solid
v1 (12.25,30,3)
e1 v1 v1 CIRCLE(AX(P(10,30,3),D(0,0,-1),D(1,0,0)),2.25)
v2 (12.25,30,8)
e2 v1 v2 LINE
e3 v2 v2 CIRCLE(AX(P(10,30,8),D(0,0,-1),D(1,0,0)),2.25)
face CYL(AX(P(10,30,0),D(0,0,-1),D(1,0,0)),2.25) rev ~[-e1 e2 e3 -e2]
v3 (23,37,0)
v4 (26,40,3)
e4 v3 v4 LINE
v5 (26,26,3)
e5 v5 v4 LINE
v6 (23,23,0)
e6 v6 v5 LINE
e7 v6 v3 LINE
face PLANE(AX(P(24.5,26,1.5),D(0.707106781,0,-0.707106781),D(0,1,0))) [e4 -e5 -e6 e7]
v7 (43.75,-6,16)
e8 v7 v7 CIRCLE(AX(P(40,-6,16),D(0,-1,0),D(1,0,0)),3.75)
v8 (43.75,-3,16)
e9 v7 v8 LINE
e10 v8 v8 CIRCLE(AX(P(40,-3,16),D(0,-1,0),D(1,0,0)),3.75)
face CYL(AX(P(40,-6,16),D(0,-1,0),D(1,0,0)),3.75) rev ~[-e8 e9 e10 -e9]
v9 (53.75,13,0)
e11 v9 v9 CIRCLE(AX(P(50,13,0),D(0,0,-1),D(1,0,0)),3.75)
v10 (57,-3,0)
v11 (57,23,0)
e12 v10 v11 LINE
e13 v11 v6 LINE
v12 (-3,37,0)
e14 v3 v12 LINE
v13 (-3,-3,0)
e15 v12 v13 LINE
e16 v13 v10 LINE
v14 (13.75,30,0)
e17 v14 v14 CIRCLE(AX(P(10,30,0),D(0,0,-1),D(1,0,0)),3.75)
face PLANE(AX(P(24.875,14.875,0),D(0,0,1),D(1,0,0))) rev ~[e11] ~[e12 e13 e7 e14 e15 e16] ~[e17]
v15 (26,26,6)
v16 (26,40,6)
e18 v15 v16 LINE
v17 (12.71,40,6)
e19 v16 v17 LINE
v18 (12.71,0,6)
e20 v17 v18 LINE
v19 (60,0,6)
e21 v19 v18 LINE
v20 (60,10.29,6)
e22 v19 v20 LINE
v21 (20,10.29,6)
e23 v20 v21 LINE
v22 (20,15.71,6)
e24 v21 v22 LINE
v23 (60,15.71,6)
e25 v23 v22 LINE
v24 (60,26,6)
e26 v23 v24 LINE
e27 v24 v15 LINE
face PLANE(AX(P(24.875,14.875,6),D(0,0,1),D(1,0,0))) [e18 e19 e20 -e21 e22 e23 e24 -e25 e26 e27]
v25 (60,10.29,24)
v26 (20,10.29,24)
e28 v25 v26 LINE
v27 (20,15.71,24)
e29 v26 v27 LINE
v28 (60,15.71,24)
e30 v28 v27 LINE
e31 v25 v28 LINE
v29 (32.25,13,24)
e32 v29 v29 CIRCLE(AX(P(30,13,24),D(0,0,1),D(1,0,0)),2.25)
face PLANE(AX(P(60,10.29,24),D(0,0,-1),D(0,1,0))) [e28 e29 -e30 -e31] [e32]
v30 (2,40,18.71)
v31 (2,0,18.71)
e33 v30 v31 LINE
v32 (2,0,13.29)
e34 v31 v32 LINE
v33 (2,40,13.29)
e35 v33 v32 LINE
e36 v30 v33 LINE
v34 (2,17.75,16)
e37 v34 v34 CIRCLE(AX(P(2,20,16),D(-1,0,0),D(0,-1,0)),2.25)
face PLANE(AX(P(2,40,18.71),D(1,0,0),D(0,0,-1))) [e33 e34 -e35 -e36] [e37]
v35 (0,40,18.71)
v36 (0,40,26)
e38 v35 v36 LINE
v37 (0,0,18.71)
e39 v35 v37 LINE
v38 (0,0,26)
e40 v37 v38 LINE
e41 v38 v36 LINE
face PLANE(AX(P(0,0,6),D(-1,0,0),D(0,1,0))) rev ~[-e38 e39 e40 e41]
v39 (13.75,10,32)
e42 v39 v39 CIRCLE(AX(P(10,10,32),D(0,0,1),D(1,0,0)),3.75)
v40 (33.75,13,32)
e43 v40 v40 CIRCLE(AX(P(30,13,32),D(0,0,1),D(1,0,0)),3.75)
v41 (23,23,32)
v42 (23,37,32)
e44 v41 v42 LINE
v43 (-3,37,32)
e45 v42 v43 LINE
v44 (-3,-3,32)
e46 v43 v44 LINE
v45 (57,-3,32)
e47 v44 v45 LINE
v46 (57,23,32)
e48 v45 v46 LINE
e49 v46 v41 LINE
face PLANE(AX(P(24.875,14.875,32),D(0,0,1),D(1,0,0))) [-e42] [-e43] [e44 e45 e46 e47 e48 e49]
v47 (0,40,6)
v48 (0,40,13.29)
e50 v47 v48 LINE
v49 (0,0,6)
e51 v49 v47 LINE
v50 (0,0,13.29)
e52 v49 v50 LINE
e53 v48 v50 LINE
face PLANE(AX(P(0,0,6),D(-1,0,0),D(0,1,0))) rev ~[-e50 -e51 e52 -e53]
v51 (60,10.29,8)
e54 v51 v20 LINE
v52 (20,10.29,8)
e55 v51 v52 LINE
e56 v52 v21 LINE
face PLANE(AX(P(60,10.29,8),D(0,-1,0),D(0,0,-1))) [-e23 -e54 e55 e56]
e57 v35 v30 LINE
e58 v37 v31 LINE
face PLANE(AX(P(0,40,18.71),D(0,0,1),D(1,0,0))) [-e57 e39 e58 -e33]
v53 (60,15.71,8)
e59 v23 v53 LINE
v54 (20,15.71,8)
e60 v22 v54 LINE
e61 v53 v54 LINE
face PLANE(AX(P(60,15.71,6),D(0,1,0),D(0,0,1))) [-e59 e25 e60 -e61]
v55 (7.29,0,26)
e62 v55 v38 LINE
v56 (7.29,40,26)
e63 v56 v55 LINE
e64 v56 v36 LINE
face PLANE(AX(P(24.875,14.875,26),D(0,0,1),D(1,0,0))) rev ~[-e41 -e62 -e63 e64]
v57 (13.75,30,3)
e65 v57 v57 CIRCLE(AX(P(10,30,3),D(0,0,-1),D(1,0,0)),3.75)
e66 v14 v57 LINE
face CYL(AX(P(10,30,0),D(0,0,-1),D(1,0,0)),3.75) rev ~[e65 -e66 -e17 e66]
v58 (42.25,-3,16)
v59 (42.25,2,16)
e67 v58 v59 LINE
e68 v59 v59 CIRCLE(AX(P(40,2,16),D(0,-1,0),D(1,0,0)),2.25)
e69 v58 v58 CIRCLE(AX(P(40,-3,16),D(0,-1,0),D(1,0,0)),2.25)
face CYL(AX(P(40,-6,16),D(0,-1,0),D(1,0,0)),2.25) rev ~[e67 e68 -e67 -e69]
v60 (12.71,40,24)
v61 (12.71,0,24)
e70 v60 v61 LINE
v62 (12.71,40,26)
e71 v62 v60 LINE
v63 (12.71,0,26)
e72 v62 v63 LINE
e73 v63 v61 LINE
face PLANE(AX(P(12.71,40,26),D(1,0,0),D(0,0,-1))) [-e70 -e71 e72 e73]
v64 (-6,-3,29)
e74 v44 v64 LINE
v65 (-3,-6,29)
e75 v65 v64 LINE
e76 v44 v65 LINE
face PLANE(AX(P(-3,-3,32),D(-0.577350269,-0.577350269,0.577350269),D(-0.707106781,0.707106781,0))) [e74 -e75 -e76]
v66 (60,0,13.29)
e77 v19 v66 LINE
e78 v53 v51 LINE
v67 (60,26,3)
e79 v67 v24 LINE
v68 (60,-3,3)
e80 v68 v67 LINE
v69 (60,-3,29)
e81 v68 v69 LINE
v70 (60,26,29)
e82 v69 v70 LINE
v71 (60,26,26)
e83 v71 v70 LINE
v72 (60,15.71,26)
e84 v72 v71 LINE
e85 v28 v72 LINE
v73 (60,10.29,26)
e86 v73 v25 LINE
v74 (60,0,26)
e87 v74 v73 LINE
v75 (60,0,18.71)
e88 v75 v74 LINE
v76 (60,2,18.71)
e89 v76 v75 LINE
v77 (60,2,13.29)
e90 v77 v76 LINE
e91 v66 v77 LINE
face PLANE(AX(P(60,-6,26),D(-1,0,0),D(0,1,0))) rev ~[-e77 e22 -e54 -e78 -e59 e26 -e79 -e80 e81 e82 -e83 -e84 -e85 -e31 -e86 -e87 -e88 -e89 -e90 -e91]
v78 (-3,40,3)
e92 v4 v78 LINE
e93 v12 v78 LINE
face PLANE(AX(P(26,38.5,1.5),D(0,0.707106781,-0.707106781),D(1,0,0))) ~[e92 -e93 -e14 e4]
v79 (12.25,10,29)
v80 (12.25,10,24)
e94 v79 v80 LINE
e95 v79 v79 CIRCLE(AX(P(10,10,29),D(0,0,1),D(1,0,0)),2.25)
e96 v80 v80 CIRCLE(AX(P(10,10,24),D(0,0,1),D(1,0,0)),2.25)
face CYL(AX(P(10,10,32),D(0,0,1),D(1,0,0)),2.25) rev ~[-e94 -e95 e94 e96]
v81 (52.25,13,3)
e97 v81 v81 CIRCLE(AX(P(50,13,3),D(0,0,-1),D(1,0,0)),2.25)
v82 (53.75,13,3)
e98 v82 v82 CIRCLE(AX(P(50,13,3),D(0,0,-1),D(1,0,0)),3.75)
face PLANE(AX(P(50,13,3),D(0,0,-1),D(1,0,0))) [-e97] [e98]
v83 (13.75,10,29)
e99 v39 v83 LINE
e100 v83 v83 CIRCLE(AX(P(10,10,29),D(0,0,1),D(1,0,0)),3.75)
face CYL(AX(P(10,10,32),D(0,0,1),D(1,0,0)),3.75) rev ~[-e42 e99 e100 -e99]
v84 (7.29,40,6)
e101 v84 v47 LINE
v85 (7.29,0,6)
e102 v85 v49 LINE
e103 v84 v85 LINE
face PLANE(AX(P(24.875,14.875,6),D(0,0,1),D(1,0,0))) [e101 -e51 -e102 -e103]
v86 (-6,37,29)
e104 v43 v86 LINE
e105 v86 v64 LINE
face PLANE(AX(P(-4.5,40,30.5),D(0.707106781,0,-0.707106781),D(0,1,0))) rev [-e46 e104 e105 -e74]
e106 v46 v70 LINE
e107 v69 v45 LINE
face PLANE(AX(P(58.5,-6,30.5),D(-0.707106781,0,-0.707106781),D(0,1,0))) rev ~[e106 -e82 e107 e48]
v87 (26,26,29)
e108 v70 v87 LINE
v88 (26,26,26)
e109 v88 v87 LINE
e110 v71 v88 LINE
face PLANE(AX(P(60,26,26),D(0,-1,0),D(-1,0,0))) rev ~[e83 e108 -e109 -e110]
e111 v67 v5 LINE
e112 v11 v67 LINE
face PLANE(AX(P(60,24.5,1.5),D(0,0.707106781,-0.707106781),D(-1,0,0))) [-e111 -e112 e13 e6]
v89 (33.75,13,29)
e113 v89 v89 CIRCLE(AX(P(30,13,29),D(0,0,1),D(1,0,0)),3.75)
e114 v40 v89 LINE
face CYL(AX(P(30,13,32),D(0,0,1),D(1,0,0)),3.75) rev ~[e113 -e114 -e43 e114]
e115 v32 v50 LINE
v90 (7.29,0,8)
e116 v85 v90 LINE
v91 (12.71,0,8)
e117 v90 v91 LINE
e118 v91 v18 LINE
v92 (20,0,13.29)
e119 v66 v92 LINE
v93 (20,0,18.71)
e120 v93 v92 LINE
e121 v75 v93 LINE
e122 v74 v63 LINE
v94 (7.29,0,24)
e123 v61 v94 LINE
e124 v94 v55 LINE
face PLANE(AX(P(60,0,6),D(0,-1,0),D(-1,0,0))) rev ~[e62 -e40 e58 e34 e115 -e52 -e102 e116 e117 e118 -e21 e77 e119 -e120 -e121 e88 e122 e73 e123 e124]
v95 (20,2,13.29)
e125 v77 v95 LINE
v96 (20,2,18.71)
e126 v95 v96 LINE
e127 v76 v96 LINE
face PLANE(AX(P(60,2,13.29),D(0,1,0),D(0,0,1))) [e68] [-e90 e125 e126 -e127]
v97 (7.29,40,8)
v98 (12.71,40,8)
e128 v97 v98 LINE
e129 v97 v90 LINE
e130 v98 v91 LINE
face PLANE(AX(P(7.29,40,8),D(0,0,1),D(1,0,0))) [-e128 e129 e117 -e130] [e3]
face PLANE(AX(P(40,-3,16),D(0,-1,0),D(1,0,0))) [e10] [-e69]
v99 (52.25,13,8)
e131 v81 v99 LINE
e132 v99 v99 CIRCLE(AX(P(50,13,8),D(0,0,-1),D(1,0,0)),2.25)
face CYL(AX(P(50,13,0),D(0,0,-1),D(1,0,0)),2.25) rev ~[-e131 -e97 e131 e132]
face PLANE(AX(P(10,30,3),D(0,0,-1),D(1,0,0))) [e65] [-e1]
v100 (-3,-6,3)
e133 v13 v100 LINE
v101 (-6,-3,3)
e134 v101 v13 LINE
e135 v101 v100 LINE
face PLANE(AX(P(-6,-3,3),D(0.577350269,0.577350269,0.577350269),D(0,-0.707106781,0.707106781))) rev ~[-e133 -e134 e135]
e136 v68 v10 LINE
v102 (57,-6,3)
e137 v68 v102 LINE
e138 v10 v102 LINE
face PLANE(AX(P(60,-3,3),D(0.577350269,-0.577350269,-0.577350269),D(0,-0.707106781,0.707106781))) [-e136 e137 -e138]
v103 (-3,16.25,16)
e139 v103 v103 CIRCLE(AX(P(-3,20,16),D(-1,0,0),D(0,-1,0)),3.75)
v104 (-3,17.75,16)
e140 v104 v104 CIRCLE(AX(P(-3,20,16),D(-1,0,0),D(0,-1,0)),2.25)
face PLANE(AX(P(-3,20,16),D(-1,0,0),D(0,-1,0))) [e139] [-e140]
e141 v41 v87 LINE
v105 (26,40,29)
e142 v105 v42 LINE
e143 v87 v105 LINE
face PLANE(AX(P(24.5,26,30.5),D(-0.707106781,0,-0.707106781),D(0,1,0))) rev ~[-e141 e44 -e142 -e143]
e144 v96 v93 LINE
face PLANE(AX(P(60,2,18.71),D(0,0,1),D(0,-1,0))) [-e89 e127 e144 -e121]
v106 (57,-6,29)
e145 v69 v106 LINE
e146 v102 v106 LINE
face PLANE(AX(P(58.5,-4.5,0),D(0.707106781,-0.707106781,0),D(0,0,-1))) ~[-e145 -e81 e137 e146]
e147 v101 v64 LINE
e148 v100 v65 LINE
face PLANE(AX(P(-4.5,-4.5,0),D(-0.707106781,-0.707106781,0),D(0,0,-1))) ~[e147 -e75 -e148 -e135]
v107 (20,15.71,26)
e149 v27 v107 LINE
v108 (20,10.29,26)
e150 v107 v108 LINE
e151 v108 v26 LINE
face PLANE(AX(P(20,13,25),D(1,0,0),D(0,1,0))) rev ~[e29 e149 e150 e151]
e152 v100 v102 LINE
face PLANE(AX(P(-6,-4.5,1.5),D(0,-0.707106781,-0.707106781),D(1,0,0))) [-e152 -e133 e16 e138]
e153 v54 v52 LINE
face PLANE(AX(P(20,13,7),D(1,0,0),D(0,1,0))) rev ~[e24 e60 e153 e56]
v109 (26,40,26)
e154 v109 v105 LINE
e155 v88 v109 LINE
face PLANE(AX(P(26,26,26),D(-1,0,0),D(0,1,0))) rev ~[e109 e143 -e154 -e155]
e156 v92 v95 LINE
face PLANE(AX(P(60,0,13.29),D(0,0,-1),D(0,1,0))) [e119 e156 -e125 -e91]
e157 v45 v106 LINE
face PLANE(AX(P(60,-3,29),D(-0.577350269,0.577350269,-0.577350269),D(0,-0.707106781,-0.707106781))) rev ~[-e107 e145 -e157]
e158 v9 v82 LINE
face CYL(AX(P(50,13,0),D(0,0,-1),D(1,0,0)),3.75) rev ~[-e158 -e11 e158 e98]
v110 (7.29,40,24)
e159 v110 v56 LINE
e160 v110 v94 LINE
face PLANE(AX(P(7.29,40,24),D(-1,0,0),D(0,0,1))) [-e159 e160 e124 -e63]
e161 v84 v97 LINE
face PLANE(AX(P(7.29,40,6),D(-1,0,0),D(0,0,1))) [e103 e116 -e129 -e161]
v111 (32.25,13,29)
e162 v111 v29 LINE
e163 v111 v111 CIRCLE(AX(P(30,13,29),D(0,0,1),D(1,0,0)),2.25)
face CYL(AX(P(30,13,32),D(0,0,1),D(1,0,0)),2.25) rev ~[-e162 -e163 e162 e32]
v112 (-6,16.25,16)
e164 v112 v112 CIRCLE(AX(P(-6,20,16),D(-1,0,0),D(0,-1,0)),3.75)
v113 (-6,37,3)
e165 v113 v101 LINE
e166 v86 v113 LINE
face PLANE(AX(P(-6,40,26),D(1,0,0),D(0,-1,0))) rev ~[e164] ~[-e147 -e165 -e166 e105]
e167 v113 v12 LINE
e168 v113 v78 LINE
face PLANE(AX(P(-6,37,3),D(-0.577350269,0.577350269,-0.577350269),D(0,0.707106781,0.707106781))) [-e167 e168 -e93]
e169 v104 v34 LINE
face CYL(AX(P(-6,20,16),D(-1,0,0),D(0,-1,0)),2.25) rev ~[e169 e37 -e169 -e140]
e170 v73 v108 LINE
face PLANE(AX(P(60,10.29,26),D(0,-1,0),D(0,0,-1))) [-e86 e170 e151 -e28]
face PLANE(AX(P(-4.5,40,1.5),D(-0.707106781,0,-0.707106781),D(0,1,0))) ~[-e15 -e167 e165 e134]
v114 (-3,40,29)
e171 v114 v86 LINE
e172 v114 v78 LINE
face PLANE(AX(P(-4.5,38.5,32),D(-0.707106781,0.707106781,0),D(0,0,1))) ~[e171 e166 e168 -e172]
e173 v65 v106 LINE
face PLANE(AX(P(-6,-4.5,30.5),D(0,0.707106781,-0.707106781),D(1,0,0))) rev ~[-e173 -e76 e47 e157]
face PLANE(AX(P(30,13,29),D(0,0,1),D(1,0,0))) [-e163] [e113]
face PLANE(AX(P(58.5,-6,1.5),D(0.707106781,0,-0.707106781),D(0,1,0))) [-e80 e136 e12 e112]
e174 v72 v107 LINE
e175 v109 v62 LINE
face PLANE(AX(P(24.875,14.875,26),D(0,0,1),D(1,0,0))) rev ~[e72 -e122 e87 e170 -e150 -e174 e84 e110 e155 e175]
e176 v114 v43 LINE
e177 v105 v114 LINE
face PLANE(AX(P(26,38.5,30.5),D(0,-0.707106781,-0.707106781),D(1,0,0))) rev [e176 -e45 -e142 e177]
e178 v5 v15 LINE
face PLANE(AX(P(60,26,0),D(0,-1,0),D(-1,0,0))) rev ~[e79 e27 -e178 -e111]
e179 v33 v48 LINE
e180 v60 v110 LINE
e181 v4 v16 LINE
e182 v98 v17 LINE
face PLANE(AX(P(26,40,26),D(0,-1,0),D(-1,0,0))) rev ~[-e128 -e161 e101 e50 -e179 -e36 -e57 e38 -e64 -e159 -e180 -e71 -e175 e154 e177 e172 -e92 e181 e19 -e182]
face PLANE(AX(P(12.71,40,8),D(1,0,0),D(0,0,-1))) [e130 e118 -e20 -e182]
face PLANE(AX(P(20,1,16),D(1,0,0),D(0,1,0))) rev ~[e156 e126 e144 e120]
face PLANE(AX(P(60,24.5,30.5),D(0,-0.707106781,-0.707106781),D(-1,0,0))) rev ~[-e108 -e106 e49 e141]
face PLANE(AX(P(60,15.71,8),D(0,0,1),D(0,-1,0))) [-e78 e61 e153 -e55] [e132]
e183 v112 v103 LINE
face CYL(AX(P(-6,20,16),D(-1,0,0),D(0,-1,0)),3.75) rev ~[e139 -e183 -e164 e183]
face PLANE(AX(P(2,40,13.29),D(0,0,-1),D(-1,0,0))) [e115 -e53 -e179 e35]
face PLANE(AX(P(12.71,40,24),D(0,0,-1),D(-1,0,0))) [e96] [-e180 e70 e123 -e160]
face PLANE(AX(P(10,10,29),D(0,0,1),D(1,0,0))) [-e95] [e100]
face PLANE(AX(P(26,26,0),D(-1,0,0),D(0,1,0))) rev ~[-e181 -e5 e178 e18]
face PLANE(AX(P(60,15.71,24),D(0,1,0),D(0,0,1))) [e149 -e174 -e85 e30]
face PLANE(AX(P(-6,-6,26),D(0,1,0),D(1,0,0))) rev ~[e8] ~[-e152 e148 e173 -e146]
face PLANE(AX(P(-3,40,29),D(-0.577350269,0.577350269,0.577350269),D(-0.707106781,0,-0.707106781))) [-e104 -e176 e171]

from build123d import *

# Parameters (mm, degrees)
F1_DEPTH  = 6
F3_DEPTH  = 20
F5_DEPTH  = 6
F7_DEPTH  = 40
F9_DEPTH  = 40
F10_R     = 2.25
F11_DEPTH = 8
F12_R     = 2.25
F13_DEPTH = 8
F14_R     = 2.25
F15_DEPTH = 8
F16_R     = 2.25
F17_DEPTH = 8
F18_R     = 3.75
F19_DEPTH = 3
F20_R     = 3.75
F21_DEPTH = 3
F22_R     = 3.75
F23_DEPTH = 3
F24_R     = 3.75
F25_DEPTH = 3
F26_SIZE  = 3


with BuildPart() as f1:
    # F0 (on Top) → F1 (new body)
    with BuildSketch(Plane.XY):
        Polygon((26, 40), (3.85853, 40), (-6, 40), (-6, -6), (60, -6), (60, 26), (26, 26), align=None)
    extrude(amount=F1_DEPTH)

    # F2 (on face) → F3 (join)
    with BuildSketch(Plane.XY.offset(6)):
        Polygon((0, 40), (-6, 40), (-6, -6), (60, -6), (60, 0), (0, 0), align=None)
    extrude(amount=F3_DEPTH)

    # F4 (on face) → F5 (join)
    with BuildSketch(Plane.XY.offset(26)):
        Polygon((-6, 40), (-6, -6), (60, -6), (60, 26), (26, 26), (26, 40), align=None)
    extrude(amount=F5_DEPTH)

    # F6 (on face) → F7 (join)
    with BuildSketch(Plane.YZ.offset(60)):
        Polygon((15.71, 26), (13, 26), (10.29, 26), (10.29, 24), (15.71, 24), align=None)
        Polygon((10.29, 6), (13, 6), (15.71, 6), (15.71, 8), (10.29, 8), align=None)
        Polygon((0, 18.71), (0, 16), (0, 13.29), (2, 13.29), (2, 18.71), align=None)
    extrude(amount=-F7_DEPTH)

    # F8 (on face) → F9 (join)
    with BuildSketch(Plane(origin=(0, 40, 0), x_dir=(-1, 0, 0), z_dir=(0, 1, 0))):
        Polygon((0, 13.29), (0, 16), (0, 18.71), (-2, 18.71), (-2, 13.29), align=None)
        Polygon((-7.29, 26), (-10, 26), (-12.71, 26), (-12.71, 24), (-7.29, 24), align=None)
        Polygon((-12.71, 6), (-10, 6), (-7.29, 6), (-7.29, 8), (-12.71, 8), align=None)
    extrude(amount=-F9_DEPTH)

    # F10 (on face) → F11 (cut, through all)
    with BuildSketch(Plane(origin=(0, 0, 0), x_dir=(1, 0, 0), z_dir=(0, 0, -1))):
        with Locations((50, -13)):
            Circle(F10_R)
        with Locations((10, -30)):
            Circle(F10_R)
    extrude(amount=-F11_DEPTH, mode=Mode.SUBTRACT)

    # F12 (on face) → F13 (cut, through all)
    with BuildSketch(Plane.XY.offset(32)):
        with Locations((10, 10)):
            Circle(F12_R)
        with Locations((30, 13)):
            Circle(F12_R)
    extrude(amount=-F13_DEPTH, mode=Mode.SUBTRACT)

    # F14 (on face) → F15 (cut, through all)
    with BuildSketch(Plane.XZ.offset(6)):
        with Locations((40, 16)):
            Circle(F14_R)
    extrude(amount=-F15_DEPTH, mode=Mode.SUBTRACT)

    # F16 (on face) → F17 (cut, through all)
    with BuildSketch(Plane(origin=(-6, 0, 0), x_dir=(0, -1, 0), z_dir=(-1, 0, 0))):
        with Locations((-20, 16)):
            Circle(F16_R)
    extrude(amount=-F17_DEPTH, mode=Mode.SUBTRACT)

    # F18 (on face) → F19 (cut)
    with BuildSketch(Plane.XY.offset(32)):
        with Locations((10, 10)):
            Circle(F18_R)
        with Locations((30, 13)):
            Circle(F18_R)
    extrude(amount=-F19_DEPTH, mode=Mode.SUBTRACT)

    # F20 (on face) → F21 (cut)
    with BuildSketch(Plane(origin=(-6, 0, 0), x_dir=(0, -1, 0), z_dir=(-1, 0, 0))):
        with Locations((-20, 16)):
            Circle(F20_R)
    extrude(amount=-F21_DEPTH, mode=Mode.SUBTRACT)

    # F22 (on face) → F23 (cut)
    with BuildSketch(Plane(origin=(0, 0, 0), x_dir=(1, 0, 0), z_dir=(0, 0, -1))):
        with Locations((10, -30)):
            Circle(F22_R)
        with Locations((50, -13)):
            Circle(F22_R)
    extrude(amount=-F23_DEPTH, mode=Mode.SUBTRACT)

    # F24 (on face) → F25 (cut)
    with BuildSketch(Plane.XZ.offset(6)):
        with Locations((40, 16)):
            Circle(F24_R)
    extrude(amount=-F25_DEPTH, mode=Mode.SUBTRACT)

    # F26
    f26_edges = [f1.edges().sort_by_distance(p)[0] for p in [
        (27, -6, 0),
        (43, 26, 0),
        (26, 33, 0),
        (10, 40, 0),
        (-6, 17, 0),
        (-6, -6, 16),
        (27, -6, 32),
        (-6, 17, 32),
        (10, 40, 32),
        (26, 33, 32),
        (43, 26, 32),
        (60, 10, 32),
        (60, 10, 0),
        (-6, 40, 16),
        (60, -6, 16),
    ]]
    chamfer(f26_edges, length=F26_SIZE)


solid = f1.part
